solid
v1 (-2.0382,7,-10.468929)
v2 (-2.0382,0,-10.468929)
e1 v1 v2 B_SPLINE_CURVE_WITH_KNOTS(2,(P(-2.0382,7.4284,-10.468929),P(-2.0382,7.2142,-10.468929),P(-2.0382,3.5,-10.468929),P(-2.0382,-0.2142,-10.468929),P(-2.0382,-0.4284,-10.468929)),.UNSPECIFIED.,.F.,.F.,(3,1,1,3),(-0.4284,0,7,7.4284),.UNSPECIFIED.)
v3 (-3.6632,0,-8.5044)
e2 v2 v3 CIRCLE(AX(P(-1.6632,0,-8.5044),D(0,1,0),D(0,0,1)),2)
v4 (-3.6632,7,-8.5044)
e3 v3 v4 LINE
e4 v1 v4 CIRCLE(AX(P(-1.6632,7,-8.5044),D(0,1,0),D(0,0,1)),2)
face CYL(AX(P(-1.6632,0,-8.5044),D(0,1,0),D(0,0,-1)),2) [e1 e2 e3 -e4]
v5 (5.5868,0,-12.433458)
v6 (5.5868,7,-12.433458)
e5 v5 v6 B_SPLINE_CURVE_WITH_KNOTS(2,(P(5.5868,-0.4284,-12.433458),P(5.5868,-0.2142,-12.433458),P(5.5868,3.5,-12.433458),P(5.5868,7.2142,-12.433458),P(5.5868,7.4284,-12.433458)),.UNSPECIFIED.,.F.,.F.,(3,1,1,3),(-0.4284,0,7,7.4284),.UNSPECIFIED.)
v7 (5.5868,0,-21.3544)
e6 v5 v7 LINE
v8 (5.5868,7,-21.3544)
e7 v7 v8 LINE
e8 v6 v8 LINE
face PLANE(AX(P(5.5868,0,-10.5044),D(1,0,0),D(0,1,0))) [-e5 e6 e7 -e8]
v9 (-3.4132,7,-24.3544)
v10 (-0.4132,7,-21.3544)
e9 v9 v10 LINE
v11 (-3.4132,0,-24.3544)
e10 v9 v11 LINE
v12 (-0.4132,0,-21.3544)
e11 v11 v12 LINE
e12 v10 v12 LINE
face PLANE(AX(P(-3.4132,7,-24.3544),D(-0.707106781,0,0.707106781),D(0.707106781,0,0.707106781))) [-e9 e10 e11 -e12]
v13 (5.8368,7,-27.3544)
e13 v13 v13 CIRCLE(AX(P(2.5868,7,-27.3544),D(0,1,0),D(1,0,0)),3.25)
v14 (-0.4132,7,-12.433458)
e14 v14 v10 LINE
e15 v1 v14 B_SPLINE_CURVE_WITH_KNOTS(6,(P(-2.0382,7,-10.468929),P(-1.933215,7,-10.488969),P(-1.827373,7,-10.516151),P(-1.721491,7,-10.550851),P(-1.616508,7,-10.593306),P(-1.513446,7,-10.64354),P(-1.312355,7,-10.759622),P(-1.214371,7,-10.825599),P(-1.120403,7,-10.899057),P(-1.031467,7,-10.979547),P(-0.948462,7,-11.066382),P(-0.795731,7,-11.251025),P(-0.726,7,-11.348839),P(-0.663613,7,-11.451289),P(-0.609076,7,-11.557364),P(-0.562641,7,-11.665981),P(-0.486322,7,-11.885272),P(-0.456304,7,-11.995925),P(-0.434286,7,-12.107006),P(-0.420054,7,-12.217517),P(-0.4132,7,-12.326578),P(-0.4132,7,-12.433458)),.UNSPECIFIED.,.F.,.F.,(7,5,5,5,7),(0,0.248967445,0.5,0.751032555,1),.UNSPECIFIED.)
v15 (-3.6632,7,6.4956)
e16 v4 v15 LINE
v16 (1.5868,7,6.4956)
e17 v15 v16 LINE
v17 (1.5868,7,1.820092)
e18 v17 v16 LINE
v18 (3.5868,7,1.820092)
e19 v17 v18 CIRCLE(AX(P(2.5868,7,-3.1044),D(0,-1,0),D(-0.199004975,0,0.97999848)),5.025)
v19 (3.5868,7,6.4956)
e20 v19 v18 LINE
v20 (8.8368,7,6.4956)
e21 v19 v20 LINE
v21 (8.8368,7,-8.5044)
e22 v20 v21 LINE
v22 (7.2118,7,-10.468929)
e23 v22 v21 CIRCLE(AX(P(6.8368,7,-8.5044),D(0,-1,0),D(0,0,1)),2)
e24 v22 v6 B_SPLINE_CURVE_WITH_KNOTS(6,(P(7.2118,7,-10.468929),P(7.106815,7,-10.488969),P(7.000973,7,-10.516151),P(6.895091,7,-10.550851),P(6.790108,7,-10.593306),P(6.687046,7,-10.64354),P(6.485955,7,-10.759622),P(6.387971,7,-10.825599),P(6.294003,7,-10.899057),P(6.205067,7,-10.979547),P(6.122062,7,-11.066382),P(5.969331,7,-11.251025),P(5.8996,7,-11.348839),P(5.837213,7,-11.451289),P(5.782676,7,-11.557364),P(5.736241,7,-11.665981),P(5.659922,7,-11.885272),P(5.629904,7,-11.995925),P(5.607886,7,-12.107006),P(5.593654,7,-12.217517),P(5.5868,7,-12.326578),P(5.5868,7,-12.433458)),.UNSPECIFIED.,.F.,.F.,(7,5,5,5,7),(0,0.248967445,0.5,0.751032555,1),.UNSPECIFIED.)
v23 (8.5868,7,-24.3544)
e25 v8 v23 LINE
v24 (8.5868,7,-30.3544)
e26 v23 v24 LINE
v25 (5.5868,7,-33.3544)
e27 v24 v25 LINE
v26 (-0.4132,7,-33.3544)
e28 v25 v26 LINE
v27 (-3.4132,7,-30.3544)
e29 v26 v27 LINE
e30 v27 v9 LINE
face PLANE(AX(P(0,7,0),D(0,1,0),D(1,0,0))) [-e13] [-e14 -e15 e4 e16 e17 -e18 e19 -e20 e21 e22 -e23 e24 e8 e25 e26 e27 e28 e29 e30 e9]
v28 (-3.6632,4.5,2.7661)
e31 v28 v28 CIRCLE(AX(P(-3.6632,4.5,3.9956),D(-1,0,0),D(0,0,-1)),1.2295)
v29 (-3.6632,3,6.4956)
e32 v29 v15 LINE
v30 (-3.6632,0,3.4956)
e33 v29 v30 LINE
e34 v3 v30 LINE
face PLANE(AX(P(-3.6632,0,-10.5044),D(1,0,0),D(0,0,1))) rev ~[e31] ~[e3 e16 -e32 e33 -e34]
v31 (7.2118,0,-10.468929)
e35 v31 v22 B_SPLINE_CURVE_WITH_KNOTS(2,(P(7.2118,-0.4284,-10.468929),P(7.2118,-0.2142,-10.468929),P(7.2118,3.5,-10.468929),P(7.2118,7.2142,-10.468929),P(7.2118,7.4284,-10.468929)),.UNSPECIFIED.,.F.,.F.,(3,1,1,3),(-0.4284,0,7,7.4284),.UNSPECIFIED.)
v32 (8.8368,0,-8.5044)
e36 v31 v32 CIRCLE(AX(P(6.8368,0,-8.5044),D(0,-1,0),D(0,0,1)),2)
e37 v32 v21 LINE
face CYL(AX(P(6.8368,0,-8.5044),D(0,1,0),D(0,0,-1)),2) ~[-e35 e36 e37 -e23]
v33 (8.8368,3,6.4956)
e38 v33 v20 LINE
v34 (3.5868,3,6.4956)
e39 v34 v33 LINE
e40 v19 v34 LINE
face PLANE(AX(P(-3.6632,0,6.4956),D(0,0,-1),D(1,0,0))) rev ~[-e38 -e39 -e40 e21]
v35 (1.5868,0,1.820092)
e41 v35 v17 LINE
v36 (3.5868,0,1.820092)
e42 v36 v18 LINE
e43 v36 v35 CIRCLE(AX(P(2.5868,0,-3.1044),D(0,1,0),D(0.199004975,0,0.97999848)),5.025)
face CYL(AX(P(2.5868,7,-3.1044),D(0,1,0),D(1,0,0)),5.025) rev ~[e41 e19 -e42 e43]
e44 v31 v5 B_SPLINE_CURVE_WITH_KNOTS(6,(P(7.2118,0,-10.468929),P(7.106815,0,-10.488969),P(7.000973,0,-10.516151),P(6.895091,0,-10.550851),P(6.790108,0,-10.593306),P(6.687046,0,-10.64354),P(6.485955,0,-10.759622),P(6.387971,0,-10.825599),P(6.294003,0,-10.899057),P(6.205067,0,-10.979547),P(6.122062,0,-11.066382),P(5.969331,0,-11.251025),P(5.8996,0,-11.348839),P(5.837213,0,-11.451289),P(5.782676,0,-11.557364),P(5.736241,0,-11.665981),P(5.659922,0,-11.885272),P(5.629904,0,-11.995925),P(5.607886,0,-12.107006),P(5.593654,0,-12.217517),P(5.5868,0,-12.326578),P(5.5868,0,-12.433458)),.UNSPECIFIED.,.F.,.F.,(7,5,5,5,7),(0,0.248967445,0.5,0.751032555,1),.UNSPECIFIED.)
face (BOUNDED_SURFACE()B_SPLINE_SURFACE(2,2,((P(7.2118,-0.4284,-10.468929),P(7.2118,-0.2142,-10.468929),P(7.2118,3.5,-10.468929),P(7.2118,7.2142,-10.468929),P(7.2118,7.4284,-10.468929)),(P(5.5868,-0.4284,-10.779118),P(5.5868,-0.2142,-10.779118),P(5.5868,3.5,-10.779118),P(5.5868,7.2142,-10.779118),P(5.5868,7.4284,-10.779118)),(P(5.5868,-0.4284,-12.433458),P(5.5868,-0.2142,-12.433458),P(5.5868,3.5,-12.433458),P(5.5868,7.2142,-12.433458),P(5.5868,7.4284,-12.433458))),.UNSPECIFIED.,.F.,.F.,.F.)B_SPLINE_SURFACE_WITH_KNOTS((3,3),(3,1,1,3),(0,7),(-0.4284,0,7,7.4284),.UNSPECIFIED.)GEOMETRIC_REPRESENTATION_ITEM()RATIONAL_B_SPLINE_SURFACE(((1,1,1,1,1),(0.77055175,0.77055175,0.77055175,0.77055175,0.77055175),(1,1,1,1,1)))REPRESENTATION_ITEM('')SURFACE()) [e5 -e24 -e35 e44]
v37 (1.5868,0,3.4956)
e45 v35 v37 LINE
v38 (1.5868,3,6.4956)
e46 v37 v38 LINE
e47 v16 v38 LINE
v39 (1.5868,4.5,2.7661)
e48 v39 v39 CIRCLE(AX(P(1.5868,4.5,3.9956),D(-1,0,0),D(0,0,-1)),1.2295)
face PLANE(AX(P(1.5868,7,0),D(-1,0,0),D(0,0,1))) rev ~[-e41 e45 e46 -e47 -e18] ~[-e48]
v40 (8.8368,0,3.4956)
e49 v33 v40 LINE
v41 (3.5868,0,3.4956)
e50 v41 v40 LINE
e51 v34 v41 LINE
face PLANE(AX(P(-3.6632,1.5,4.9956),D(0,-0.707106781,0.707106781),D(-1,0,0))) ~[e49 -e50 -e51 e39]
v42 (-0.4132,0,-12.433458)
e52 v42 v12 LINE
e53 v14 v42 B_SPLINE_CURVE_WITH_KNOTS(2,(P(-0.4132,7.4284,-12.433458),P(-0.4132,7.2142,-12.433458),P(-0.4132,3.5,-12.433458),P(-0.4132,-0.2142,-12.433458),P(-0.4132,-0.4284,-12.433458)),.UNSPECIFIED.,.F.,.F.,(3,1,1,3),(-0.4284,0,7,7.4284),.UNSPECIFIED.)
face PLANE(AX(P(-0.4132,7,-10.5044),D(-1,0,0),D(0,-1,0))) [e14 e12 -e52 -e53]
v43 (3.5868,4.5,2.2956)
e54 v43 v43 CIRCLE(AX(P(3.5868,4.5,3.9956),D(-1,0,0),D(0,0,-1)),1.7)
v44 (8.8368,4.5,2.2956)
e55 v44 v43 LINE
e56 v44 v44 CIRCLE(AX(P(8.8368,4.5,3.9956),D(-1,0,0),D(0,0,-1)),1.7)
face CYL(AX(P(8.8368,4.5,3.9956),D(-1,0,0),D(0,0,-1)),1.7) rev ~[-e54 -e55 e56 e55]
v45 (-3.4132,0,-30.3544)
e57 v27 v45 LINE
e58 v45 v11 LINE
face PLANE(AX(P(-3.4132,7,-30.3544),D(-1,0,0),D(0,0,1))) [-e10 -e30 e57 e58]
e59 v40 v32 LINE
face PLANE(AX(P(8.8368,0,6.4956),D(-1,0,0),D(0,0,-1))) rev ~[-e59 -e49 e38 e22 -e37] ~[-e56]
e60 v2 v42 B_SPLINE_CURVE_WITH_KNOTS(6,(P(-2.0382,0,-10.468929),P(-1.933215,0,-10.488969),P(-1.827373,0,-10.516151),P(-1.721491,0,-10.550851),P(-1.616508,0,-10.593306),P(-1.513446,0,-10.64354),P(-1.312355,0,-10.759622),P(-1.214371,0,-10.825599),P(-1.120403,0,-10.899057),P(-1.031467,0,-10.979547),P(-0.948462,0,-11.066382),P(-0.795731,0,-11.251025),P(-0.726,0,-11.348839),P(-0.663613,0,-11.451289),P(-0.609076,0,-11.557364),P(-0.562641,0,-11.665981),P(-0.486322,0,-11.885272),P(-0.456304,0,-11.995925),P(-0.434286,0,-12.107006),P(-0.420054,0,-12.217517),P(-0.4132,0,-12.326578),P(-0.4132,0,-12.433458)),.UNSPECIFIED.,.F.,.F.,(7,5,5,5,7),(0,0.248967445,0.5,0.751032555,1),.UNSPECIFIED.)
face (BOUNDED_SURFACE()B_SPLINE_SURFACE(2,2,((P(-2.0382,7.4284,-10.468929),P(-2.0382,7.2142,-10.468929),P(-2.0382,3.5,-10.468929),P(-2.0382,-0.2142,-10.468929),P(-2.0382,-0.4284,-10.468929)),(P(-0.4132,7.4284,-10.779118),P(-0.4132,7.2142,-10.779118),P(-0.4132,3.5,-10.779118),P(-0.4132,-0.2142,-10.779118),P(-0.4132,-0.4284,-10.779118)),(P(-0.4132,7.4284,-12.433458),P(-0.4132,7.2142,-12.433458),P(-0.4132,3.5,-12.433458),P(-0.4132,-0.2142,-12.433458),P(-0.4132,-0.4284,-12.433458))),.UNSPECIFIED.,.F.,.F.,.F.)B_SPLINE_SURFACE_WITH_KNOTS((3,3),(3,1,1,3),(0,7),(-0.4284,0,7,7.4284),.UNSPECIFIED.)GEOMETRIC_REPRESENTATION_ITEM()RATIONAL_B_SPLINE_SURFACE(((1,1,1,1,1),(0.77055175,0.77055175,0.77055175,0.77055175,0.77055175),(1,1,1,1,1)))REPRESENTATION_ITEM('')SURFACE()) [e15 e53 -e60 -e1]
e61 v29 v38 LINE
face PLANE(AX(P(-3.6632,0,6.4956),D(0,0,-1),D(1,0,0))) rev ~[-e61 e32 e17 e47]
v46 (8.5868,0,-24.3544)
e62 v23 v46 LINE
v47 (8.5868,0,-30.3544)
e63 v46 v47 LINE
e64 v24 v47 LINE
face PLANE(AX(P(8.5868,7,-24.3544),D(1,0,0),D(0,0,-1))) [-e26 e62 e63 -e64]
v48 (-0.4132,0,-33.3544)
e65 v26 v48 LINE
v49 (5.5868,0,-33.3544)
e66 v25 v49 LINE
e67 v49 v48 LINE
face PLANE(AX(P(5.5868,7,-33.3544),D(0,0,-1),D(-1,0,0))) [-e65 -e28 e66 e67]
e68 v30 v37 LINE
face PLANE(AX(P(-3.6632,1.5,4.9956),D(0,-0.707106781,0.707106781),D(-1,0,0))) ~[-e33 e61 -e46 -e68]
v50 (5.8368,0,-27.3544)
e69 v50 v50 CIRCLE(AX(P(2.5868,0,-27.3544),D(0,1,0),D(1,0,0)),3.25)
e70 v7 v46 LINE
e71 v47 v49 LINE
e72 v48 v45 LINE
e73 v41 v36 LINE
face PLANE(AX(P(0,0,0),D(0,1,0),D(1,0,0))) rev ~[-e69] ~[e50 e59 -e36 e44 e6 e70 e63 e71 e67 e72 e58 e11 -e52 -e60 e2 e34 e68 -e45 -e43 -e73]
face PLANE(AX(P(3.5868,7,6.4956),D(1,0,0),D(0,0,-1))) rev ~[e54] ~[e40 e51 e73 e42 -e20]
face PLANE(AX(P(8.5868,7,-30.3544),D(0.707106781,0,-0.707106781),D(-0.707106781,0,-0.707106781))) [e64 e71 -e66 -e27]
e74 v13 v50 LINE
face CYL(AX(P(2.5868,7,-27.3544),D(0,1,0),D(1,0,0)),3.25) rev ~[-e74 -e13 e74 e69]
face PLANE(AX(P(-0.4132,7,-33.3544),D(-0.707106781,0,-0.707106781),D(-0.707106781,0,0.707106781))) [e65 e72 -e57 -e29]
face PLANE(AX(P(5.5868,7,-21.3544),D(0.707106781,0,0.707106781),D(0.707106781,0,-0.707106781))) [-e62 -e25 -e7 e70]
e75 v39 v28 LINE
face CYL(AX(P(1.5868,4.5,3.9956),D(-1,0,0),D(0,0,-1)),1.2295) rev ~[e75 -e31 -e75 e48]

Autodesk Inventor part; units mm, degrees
ref_plane "YZ Plane" through (0, 0, 0) normal (1, 0, 0) x (0, 1, 0)
ref_plane "XZ Plane" through (0, 0, 0) normal (0, 1, 0) x (-1, 0, 0)
ref_plane "XY Plane" through (0, 0, 0) normal (0, 0, 1) x (1, 0, 0)
sketch "Sketch1" plane through (0, 0, 0) normal (0, 1, 0) x (-1, 0, 0)
  line L0 (3.6632, 6.4956) -> (-8.8368, 6.4956)
  line L1 (-8.8368, 6.4956) -> (-8.8368, -10.5044)
  line L2 (-8.8368, -10.5044) -> (3.6632, -10.5044)
  line L3 (3.6632, -10.5044) -> (3.6632, 6.4956)
  line L4 (0.9132, -10.5044) -> (-6.0868, -10.5044)
  point P0 (0, 0)
  dimension "d0" = 17
  dimension "d1" = 12.5
extrude "Extrusion1" add sketch "Sketch1" along normal blind 7
chamfer "Chamfer1" distance 3 angle 45 1 edges at (2.5868, 0, 6.4956)
sketch "Sketch2" plane through (0, 7, 0) normal (0, 1, 0) x (1, 0, 0)
  circle A0 centre (2.5868, 3.1044) radius 5.025
  line L0 (8.8368, -6.4956) -> (8.8368, 10.5044) projected
  line L1 (-3.6632, -6.4956) -> (8.8368, -6.4956) projected
  point P0 (0, 0)
  dimension "d7" = 10.05
  dimension "d8" = 6.25
  dimension "d9" = 9.6
extrude "Extrusion2" cut sketch "Sketch2" against normal up to next
sketch "Sketch3" plane through (0, 7, 0) normal (0, 1, 0) x (1, 0, 0)
  line L0 (-3.6632, -6.4956) -> (8.8368, -6.4956) projected
  line L1 (1.5868, -6.4956) -> (3.5868, -6.4956)
  line L2 (3.5868, -6.4956) -> (3.5868, 0)
  line L3 (3.5868, 0) -> (1.5868, 0)
  line L4 (1.5868, 0) -> (1.5868, -6.4956)
  line L5 (8.8368, -6.4956) -> (8.8368, 10.5044) projected
  line L6 (-3.6632, 10.5044) -> (-3.6632, -6.4956) projected
  point P0 (0, 0)
  dimension "d16" = 2
  dimension "d17" = 12.5
  dimension "d18" = 5.25
extrude "Extrusion3" cut sketch "Sketch3" against normal through all
sketch "Sketch4" plane through (8.8368, 0, -10.5044) normal (1, 0, 0) x (0, 0, -1)
  line L0 (-17, 3) -> (-17, 7) projected
  line L1 (-17, 7) -> (0, 7) projected
  point P0 (-10.5044, 0)
  point P1 (-14.5, 4.5)
  dimension "d26" = 2.5
  dimension "d27" = 2.5
hole "Hole1" at (8.8368, 4.5, 3.9956) direction (-1, 0, 0) diameter 3.4 depth 5.25 clearance for "Flat Head Machine Screw" size "M3" standard "Ansi Metric M Profile"
sketch "Sketch5" plane through (1.5868, 7, 6.4956) normal (1, 0, 0) x (0, 0, -1)
  line L0 (0, 0) -> (17, 0) projected
  line L1 (0, -4) -> (0, 0) projected
  point P0 (6.4956, -7)
  point P1 (2.5, -2.5)
  dimension "d35" = 2.5
  dimension "d36" = 2.5
hole "Hole2" at (1.5868, 4.5, 3.9956) direction (-1, 0, 0) diameter 2.459 depth 5.25 thread size "M3x0.5" class "6H" standard "ANSI Metric M Profile"
sketch "Sketch6" plane through (8.8368, 0, -10.5044) normal (0, 0, -1) x (-1, 0, 0)
  line L0 (5.25, 7) -> (0, 7) projected
  line L1 (3.25, 7) -> (9.25, 7)
  line L2 (9.25, 7) -> (9.25, 0)
  line L3 (9.25, 0) -> (3.25, 0)
  line L4 (3.25, 0) -> (3.25, 7)
  line L5 (0, 0) -> (0, 7) projected
  point P0 (8.8368, 0)
  dimension "d40" = 6
  dimension "d41" = 7
  dimension "d42" = 3.25
extrude "Extrusion4" add sketch "Sketch6" along normal blind 10.85
fillet "Fillet1" radius 2 1 edges at (8.8368, 3.5, -10.5044)
fillet "Fillet2" radius 2 1 edges at (5.5868, 3.5, -10.5044)
fillet "Fillet3" radius 2 2 edges at (-3.6632, 3.5, -10.5044) (-0.4132, 3.5, -10.5044)
sketch "Sketch7" plane through (0, 7, 0) normal (0, 1, 0) x (1, 0, 0)
  point P0 (0, 0)
sketch "Sketch8" plane through (8.8368, 0, -21.3544) normal (0, 0, -1) x (-1, 0, 0)
  point P0 (8.8368, 0)
sketch "Sketch9" plane through (0, 7, 0) normal (0, 1, 0) x (1, 0, 0)
  line L0 (5.5868, 21.3544) -> (-0.4132, 21.3544) projected
  line L1 (5.5868, 21.3544) -> (8.5868, 24.3544)
  line L2 (8.5868, 24.3544) -> (8.5868, 30.3544)
  line L3 (-3.4132, 30.3544) -> (-3.4132, 24.3544)
  line L4 (-3.4132, 24.3544) -> (-0.4132, 21.3544)
  line L5 (8.5868, 30.3544) -> (5.5868, 33.3544)
  line L6 (5.5868, 33.3544) -> (-0.4132, 33.3544)
  line L7 (-0.4132, 33.3544) -> (-3.4132, 30.3544)
  line L8 (5.5868, 12.4335) -> (5.5868, 21.3544) projected
  line L9 (-0.4132, 12.4335) -> (-0.4132, 21.3544) projected
  point P0 (0, 0)
  dimension "d110" = 6
  dimension "d111" = 6
  dimension "d112" = 6
  dimension "d113" = 6
  dimension "d114" = 45
  dimension "d115" = 135
  dimension "d116" = 45
  dimension "d117" = 45
  dimension "d118" = 45
  dimension "d119" = 3
  dimension "d120" = 3
extrude "Extrusion5" add sketch "Sketch9" against normal blind 7
sketch "Sketch10" plane through (0, 7, 0) normal (0, 1, 0) x (1, 0, 0)
  circle A0 centre (2.5868, 27.3544) radius 3.25
  line L0 (5.5868, 33.3544) -> (-0.4132, 33.3544) projected
  line L1 (8.5868, 24.3544) -> (8.5868, 30.3544) projected
  line L2 (-3.4132, 30.3544) -> (-3.4132, 24.3544) projected
  point P0 (0, 0)
  dimension "d76" = 6.5
  dimension "d77" = 6
  dimension "d78" = 6
  dimension "d121" = 12
extrude "Extrusion6" cut sketch "Sketch10" against normal up to next
sketch "Sketch11" plane through (8.8368, 3, 6.4956) normal (1, 0, 0) x (0, 0, -1)
  point P0 (6.4956, -3)
sketch "Sketch12" plane through (5.8368, 0, -21.6044) normal (0.7071, 0, 0.7071) x (0.7071, 0, -0.7071)
  line L0 (-0.3536, 7) -> (3.8891, 7) projected
  line L1 (3.8891, 7) -> (3.8891, 0) projected
  point P0 (-19.4039, 0)
  dimension "d122" = 7
  dimension "d123" = 4.2426
hole "Hole3" [suppressed]
sketch "Sketch13" plane through (8.5868, 0, -30.3544) normal (0.7071, 0, -0.7071) x (-0.7071, 0, -0.7071)
  line L0 (4.2426, 7) -> (4.2426, 0) projected
  line L1 (4.2426, 0) -> (0, 0) projected
  point P0 (-15.392, 0)
hole "Hole4" [suppressed]
equation "\"d18\" = 0.5 * d17 - 0.5 * d16"
equation "\"d111\" = d110"
equation "\"d112\" = d110"
equation "\"d113\" = d110"
equation "\"d116\" = d114"
equation "\"d117\" = d116"
equation "\"d118\" = d117"
equation "\"d120\" = d119"
equation "\"d77\" = d78"
equation "\"d78\" = 0.5 * d121"
properties part number "dovetail stabilizer"
